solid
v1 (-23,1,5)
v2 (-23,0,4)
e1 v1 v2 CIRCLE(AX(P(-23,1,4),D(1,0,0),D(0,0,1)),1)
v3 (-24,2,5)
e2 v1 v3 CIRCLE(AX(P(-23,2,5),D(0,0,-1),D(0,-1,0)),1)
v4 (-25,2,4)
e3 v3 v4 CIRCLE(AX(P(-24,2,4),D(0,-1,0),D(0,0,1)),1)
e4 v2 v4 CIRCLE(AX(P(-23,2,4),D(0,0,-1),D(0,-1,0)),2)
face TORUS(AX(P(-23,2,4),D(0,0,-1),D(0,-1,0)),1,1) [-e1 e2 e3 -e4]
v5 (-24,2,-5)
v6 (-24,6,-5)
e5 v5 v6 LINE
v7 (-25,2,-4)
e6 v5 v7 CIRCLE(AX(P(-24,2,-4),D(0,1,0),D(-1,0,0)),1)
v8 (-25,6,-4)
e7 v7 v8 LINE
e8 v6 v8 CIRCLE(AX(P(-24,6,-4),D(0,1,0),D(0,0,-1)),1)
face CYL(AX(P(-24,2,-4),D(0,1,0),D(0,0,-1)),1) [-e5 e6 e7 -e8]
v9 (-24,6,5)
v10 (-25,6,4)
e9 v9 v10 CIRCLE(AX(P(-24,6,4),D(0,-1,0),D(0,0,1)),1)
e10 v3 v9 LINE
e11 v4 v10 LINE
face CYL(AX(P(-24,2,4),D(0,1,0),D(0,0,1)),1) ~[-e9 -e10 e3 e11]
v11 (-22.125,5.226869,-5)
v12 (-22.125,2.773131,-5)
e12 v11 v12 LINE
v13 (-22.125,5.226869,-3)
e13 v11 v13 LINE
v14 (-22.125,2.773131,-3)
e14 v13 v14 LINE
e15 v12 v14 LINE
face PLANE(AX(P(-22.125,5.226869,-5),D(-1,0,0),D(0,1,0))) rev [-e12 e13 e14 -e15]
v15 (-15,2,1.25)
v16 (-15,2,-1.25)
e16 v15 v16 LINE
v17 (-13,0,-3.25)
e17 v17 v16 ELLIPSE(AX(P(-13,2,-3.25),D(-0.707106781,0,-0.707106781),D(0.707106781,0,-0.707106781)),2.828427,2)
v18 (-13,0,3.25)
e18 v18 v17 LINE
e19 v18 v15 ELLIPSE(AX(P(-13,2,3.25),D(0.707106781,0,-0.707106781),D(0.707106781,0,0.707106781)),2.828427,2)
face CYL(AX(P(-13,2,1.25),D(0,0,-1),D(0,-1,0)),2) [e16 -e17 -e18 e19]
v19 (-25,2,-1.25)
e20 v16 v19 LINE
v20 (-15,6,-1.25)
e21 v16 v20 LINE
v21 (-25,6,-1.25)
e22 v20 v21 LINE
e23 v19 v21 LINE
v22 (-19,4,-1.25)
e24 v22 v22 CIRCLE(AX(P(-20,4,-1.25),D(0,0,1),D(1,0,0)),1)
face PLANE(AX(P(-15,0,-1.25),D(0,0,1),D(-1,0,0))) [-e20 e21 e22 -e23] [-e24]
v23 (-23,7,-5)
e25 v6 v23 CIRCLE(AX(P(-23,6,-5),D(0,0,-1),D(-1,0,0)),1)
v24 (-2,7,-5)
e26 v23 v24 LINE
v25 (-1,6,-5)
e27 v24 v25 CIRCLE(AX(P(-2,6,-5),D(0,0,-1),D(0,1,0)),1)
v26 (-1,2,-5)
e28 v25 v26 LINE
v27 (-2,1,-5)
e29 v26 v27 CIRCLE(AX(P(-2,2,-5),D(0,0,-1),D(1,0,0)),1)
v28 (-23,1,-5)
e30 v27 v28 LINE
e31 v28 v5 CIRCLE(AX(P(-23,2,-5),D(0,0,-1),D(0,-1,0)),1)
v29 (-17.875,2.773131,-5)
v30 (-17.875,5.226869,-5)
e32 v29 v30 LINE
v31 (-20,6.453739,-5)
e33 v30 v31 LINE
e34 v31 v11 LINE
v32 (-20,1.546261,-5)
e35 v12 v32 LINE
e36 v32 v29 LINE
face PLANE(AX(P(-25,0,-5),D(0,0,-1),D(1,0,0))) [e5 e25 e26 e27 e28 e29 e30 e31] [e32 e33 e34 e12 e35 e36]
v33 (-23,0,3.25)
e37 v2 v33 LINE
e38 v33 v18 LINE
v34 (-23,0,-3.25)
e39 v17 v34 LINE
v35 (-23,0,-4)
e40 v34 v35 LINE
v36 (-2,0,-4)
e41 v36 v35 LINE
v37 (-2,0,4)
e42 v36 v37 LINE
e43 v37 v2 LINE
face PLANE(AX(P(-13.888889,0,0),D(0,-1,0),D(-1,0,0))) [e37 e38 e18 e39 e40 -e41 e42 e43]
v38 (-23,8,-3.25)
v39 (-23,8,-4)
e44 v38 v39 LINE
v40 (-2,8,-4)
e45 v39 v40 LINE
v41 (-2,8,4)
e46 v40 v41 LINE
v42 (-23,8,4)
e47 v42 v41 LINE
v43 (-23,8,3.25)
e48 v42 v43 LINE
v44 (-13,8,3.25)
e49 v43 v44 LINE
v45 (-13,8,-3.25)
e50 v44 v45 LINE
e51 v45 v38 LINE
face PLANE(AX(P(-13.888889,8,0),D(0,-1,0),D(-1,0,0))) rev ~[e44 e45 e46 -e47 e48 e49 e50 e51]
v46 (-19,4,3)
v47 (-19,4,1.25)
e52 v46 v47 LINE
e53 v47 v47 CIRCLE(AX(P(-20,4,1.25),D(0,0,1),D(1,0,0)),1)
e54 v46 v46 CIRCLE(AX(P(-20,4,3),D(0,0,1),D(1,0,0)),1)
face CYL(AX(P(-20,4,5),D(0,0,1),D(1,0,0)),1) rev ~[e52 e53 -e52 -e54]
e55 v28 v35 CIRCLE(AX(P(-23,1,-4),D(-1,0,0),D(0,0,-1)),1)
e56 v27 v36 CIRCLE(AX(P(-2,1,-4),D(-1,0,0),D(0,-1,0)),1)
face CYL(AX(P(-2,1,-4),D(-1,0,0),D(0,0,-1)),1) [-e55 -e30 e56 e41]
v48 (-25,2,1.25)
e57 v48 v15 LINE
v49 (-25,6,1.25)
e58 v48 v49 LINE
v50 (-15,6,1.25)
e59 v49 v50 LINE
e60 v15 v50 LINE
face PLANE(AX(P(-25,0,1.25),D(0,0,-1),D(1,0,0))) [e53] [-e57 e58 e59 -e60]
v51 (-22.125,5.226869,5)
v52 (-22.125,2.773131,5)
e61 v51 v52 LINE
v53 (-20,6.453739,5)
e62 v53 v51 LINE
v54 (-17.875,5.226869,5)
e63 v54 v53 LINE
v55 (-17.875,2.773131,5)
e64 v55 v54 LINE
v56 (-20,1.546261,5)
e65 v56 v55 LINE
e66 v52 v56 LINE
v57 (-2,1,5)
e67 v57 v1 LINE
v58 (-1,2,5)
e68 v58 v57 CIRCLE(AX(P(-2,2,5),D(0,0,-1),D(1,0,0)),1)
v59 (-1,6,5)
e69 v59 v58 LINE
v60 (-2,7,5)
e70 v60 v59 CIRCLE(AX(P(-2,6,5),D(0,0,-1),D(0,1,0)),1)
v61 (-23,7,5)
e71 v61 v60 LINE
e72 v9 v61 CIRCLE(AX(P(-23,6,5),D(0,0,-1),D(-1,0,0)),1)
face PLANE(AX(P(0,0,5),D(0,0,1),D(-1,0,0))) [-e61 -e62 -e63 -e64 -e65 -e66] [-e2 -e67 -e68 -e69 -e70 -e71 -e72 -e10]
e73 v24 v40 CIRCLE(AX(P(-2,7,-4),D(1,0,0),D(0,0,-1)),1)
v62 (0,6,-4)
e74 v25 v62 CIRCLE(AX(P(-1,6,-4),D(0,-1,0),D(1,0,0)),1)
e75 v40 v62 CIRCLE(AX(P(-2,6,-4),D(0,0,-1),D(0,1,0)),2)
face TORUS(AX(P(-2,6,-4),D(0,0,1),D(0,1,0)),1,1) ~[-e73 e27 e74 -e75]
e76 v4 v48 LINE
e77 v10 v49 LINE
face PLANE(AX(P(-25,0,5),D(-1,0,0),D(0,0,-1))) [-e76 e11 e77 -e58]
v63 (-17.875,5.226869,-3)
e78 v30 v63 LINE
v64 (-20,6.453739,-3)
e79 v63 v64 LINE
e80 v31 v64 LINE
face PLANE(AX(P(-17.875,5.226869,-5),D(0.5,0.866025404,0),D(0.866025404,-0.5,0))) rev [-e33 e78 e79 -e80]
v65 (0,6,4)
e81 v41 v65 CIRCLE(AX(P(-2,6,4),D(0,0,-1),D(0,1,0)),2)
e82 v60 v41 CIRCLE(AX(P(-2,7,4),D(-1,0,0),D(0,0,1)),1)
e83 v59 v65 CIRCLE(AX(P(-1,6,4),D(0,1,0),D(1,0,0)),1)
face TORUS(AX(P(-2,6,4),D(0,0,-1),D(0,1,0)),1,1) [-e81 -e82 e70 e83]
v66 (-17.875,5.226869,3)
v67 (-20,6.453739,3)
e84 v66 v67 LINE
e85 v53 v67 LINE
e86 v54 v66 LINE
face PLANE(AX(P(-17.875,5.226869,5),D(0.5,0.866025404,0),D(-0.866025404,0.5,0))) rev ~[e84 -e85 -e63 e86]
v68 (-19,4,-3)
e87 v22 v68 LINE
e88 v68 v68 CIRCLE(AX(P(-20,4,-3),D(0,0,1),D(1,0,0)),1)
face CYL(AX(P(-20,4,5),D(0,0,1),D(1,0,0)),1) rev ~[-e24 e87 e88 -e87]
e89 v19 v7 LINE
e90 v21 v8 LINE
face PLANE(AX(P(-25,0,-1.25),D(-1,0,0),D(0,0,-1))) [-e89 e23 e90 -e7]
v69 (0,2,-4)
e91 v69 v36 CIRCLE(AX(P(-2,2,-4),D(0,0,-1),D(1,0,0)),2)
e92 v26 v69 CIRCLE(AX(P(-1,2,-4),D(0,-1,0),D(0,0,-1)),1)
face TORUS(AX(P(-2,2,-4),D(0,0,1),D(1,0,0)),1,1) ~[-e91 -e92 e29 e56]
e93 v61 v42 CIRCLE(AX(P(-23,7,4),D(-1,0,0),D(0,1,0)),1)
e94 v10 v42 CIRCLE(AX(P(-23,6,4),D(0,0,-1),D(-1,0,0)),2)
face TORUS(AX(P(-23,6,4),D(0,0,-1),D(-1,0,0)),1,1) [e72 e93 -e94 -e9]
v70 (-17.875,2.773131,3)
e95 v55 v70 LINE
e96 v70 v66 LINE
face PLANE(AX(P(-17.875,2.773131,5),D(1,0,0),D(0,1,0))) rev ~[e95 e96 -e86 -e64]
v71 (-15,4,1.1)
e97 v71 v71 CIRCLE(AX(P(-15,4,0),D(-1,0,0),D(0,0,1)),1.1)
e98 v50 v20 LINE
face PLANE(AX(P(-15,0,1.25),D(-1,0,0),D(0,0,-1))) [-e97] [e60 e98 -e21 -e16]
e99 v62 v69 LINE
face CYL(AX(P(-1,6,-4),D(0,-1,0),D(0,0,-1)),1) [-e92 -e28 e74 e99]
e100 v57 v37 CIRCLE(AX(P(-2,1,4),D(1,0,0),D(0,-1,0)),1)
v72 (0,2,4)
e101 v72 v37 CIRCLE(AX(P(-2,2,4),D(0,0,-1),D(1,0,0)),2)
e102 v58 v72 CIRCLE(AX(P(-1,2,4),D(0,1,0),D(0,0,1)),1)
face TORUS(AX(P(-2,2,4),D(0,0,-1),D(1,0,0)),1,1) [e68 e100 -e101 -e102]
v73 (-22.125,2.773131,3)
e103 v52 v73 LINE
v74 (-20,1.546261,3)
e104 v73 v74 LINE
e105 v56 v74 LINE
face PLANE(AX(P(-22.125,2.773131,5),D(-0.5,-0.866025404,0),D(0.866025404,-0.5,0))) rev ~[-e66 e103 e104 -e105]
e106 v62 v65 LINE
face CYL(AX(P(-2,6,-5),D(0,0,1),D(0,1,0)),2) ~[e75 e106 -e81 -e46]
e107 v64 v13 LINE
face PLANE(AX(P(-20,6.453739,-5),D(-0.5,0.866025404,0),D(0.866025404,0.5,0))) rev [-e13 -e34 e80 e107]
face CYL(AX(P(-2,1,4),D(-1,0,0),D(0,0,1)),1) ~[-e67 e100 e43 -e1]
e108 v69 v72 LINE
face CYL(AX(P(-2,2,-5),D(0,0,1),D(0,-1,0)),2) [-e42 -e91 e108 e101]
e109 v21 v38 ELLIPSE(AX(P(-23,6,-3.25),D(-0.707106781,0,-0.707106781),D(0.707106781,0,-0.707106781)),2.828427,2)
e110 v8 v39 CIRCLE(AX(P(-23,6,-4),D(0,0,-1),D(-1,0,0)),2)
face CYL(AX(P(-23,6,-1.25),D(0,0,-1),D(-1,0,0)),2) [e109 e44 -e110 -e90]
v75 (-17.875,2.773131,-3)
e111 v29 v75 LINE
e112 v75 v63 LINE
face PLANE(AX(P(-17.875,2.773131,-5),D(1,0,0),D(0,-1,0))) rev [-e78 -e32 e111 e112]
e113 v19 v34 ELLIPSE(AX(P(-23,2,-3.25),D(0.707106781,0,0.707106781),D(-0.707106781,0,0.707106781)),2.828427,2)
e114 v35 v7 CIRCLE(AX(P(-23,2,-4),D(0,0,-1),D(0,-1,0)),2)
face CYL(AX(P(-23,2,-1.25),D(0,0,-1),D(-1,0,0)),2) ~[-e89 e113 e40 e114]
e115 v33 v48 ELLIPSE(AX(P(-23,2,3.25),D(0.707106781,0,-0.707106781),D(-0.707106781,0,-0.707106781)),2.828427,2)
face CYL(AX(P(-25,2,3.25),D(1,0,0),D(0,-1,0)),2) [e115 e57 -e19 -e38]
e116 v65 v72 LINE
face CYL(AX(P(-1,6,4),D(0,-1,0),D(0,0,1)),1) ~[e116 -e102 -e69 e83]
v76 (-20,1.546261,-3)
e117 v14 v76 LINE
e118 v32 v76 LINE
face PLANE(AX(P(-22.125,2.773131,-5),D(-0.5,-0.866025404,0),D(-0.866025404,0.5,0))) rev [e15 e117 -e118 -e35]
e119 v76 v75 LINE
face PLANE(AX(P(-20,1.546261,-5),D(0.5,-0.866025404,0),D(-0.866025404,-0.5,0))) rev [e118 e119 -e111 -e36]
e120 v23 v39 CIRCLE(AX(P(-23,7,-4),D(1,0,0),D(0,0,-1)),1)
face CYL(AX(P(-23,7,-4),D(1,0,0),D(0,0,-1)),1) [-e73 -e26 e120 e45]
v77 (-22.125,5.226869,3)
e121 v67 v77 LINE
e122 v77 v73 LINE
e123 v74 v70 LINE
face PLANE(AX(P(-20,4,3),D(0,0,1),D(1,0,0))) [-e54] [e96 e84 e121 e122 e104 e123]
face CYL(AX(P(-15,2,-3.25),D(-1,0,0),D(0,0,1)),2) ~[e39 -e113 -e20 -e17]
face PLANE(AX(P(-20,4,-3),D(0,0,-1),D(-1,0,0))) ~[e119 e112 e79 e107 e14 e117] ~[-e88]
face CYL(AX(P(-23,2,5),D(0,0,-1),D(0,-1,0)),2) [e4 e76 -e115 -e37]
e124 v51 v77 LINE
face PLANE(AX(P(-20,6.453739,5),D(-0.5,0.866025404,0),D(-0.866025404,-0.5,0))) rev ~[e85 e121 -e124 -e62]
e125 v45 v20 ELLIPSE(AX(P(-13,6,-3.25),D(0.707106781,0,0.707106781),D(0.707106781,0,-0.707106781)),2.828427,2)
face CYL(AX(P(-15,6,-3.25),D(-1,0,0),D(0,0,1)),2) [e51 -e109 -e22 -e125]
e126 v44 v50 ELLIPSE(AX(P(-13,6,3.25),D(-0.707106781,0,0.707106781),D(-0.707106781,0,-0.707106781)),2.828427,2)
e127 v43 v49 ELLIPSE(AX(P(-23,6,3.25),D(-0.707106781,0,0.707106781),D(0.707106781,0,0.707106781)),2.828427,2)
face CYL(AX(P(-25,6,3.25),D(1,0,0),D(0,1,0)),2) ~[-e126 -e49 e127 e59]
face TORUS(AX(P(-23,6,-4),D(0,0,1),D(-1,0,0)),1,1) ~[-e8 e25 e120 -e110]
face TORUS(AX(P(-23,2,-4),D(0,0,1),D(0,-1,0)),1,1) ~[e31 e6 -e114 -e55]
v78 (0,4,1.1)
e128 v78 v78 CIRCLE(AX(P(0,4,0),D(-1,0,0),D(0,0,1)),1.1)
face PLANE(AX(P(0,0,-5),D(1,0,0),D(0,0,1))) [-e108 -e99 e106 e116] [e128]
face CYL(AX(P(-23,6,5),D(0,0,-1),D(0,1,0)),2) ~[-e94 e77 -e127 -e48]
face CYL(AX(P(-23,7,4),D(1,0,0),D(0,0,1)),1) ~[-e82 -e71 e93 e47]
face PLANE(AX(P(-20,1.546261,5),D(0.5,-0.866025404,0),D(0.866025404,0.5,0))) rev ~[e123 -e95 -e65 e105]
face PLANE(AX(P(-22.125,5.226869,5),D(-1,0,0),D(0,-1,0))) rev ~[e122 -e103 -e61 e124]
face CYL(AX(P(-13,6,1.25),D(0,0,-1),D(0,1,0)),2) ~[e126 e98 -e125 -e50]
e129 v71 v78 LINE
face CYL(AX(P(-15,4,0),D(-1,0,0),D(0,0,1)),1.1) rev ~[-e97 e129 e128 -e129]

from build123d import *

# Parameters (mm, degrees)
BOSS_EXTRUDE1_DEPTH = 8
SKETCH2_R           = 1.1
CUT_EXTRUDE1_DEPTH  = 18.720045147
SKETCH3_R           = 1
CUT_EXTRUDE2_DEPTH  = 29.08914381
CUT_EXTRUDE3_DEPTH  = 2
FILLET1_R           = 2
FILLET2_R           = 1


with BuildPart() as part:
    # Sketch1 → Boss-Extrude1 (new body)
    with BuildSketch(Plane(origin=(0, 0, 0), x_dir=(1, 0, 0), z_dir=(0, 1, 0))):
        Polygon((-25, 1.25), (-25, 5), (0, 5), (0, -5), (-25, -5), (-25, -1.25), (-15, -1.25), (-15, 1.25), align=None)
    extrude(amount=BOSS_EXTRUDE1_DEPTH)

    # Sketch2 → Cut-Extrude1 (cut, through all)
    with BuildSketch(Plane.ZY.offset(15)):
        with Locations((0, 4)):
            Circle(SKETCH2_R)
    extrude(amount=-CUT_EXTRUDE1_DEPTH, mode=Mode.SUBTRACT)

    # Sketch3 → Cut-Extrude2 (cut, through all)
    with BuildSketch(Plane.XY.offset(5)):
        with Locations((-20, 4)):
            Circle(SKETCH3_R)
    extrude(amount=-CUT_EXTRUDE2_DEPTH, mode=Mode.SUBTRACT)

    # Sketch4 → Cut-Extrude3 (cut)
    with BuildSketch(Plane.XY.offset(5)):
        Polygon((-20, 1.546261356), (-17.875, 2.773130678), (-17.875, 5.226869322), (-20, 6.453738644), (-22.125, 5.226869322), (-22.125, 2.773130678), align=None)
    cut_extrude3 = extrude(amount=-CUT_EXTRUDE3_DEPTH, mode=Mode.SUBTRACT)

    # Mirror1: Cut-Extrude3 across plane
    add(cut_extrude3.mirror(Plane.XY), mode=Mode.SUBTRACT)

    # Fillet1
    fillet1_edges = [part.edges().sort_by_distance(p)[0] for p in [
        (0, 0, 0),
        (-15, 8, 0),
        (-25, 0, 3.125),
        (-20, 0, 1.25),
        (-15, 0, 0),
        (-20, 0, -1.25),
        (-20, 8, 1.25),
        (-25, 8, 3.125),
        (0, 8, 0),
        (-25, 8, -3.125),
        (-20, 8, -1.25),
        (-25, 0, -3.125),
    ]]
    fillet(fillet1_edges, radius=FILLET1_R)

    # Fillet2
    fillet2_edges = [part.edges().sort_by_distance(p)[0] for p in [
        (-25, 4, 5),
        (-12.5, 8, 5),
        (-12.5, 8, -5),
        (-12.5, 0, 5),
        (0, 4, 5),
        (-0.585786438, 7.414213562, 5),
        (-24.414213562, 0.585786438, 5),
        (-0.585786438, 0.585786438, 5),
        (-24.414213562, 7.414213562, 5),
        (-25, 4, -5),
        (-12.5, 0, -5),
        (0, 4, -5),
        (-0.585786438, 7.414213562, -5),
        (-24.414213562, 0.585786438, -5),
        (-0.585786438, 0.585786438, -5),
        (-24.414213562, 7.414213562, -5),
    ]]
    fillet(fillet2_edges, radius=FILLET2_R)


solid = part.part
